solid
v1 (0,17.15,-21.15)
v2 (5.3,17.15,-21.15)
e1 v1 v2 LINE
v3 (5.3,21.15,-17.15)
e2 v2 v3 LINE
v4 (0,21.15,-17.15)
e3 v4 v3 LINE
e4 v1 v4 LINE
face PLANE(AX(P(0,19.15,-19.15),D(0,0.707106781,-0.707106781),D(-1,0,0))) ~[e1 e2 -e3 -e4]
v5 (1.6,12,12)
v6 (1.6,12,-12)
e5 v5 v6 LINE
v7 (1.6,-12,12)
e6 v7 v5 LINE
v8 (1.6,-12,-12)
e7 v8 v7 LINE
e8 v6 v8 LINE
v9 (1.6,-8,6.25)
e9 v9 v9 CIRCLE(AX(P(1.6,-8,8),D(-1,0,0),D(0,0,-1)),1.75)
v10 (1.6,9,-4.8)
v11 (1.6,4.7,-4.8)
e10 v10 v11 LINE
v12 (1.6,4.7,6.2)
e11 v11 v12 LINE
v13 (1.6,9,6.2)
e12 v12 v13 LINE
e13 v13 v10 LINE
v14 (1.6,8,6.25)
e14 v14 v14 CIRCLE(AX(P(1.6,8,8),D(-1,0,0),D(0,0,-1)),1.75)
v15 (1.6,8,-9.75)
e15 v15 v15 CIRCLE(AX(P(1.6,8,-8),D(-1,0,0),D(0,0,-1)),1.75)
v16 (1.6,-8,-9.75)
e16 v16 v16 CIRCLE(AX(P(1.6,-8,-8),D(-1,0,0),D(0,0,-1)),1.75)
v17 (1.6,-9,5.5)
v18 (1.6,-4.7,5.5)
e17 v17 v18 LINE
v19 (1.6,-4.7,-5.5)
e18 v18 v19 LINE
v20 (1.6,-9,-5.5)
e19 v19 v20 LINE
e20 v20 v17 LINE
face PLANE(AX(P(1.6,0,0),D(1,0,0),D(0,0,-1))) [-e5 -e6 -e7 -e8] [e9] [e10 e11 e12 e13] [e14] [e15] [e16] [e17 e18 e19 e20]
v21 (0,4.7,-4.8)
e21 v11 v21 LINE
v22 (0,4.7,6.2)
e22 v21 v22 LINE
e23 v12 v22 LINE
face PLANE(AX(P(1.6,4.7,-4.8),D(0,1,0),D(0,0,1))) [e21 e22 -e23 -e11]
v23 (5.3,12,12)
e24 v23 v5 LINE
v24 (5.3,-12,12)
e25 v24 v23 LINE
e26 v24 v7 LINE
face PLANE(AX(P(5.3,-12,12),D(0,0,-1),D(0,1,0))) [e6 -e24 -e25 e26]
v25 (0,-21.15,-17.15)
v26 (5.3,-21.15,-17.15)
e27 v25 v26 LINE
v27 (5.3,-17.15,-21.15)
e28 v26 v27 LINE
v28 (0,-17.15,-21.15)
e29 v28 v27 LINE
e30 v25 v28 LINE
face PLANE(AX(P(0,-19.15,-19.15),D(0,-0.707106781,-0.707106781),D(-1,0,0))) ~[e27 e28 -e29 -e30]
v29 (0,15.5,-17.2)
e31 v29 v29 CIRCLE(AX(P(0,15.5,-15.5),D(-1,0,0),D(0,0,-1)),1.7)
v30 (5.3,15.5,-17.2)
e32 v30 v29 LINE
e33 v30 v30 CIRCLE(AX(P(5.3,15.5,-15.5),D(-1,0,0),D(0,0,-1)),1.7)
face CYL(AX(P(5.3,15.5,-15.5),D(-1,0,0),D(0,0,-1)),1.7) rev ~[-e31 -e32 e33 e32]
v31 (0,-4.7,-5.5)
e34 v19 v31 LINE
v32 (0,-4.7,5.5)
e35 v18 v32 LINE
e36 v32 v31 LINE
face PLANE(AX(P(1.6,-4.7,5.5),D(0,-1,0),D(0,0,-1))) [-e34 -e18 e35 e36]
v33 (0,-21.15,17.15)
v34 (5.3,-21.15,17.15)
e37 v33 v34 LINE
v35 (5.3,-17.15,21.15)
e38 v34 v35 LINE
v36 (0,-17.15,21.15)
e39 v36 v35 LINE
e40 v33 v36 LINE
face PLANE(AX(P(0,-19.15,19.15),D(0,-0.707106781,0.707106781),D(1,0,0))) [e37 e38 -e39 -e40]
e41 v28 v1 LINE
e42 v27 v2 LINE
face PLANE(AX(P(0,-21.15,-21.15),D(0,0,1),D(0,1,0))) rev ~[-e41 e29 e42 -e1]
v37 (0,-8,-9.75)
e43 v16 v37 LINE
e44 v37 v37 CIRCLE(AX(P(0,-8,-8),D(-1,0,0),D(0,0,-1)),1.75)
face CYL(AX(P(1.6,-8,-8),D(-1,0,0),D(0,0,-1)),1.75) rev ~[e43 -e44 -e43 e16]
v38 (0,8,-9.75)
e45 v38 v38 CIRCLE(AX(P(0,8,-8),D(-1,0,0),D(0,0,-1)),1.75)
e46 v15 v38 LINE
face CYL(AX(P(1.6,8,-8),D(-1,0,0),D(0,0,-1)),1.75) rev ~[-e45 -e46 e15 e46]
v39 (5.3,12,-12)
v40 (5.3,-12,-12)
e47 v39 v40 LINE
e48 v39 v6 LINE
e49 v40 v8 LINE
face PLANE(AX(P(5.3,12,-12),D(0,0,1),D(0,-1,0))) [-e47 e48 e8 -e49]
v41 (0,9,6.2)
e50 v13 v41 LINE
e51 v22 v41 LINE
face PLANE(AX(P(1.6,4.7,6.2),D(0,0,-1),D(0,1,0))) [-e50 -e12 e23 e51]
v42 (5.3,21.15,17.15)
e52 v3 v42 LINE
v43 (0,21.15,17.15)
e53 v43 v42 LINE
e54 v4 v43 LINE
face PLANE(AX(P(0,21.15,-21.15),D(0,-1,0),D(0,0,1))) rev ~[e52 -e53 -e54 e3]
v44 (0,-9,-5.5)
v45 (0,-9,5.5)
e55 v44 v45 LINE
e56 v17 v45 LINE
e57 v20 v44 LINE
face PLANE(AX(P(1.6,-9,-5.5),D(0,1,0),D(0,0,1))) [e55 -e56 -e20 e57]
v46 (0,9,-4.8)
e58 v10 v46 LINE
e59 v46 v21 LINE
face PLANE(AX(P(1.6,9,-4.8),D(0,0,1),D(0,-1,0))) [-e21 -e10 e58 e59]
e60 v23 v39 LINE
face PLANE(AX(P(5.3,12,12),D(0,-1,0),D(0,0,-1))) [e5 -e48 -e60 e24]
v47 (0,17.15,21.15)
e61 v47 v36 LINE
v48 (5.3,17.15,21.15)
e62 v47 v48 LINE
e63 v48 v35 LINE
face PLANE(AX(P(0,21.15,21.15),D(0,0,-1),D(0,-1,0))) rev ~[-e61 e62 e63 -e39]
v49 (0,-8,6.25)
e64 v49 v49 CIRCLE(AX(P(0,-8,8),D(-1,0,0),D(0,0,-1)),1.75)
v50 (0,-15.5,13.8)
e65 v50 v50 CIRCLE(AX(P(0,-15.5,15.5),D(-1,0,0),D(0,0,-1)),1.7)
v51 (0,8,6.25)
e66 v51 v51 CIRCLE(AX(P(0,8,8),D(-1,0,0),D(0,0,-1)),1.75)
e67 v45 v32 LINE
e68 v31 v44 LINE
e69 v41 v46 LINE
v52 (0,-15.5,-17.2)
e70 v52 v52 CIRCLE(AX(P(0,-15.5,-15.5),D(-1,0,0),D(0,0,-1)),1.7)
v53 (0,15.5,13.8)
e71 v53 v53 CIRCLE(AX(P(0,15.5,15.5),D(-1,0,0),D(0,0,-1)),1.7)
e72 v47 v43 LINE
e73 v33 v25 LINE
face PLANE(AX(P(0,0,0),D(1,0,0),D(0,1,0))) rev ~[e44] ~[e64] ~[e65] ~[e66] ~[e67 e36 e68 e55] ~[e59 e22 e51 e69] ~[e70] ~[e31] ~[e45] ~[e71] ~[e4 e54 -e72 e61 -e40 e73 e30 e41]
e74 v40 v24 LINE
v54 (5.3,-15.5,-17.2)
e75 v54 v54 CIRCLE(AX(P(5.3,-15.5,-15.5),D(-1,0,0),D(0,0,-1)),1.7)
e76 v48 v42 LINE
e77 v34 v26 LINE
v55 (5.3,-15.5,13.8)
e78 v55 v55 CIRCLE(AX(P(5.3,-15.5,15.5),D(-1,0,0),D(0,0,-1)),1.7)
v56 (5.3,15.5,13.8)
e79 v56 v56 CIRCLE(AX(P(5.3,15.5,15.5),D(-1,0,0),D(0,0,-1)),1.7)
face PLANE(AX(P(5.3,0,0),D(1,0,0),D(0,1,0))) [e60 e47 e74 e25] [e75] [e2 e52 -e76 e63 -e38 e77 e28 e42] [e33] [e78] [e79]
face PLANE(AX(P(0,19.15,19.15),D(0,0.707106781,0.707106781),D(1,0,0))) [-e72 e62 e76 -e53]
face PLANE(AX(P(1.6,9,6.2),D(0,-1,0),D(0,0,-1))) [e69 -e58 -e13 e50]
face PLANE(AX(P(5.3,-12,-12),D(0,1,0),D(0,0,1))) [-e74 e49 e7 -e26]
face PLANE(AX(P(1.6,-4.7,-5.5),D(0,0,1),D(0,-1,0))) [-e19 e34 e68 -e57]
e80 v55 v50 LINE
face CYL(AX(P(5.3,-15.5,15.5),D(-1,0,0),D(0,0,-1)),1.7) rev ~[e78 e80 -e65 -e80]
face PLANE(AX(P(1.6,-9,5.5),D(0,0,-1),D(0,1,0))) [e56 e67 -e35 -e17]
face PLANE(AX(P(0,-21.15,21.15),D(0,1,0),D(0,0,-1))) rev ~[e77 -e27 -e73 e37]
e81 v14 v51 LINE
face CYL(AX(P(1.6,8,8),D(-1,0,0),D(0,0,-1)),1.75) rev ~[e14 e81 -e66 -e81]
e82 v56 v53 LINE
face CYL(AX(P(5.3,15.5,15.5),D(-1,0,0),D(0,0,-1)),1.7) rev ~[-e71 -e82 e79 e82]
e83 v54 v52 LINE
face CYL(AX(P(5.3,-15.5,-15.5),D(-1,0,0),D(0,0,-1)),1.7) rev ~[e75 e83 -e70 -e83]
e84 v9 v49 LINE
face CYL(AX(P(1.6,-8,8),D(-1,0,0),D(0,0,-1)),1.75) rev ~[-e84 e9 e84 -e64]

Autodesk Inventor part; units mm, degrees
ref_plane "YZ Plane" through (0, 0, 0) normal (1, 0, 0) x (0, 1, 0)
ref_plane "XZ Plane" through (0, 0, 0) normal (0, 1, 0) x (-1, 0, 0)
ref_plane "XY Plane" through (0, 0, 0) normal (0, 0, 1) x (1, 0, 0)
sketch "Skizze1" plane through (0, 0, 0) normal (1, 0, 0) x (0, 1, 0)
  line L0 (-21.15, -21.15) -> (21.15, -21.15)
  line L1 (21.15, -21.15) -> (21.15, 21.15)
  line L2 (21.15, 21.15) -> (-21.15, 21.15)
  line L3 (-21.15, 21.15) -> (-21.15, -21.15)
  line L4 (-21.15, -21.15) -> (21.15, 21.15) construction
  line L5 (21.15, -21.15) -> (-21.15, 21.15) construction
  point P0 (0, 0)
  dimension "d0" = 42.3
  dimension "d1" = 42.3
extrude "Extrusion1" add sketch "Skizze1" along normal blind 5.3
sketch "Skizze2" plane through (5.3, 0, 0) normal (1, 0, 0) x (0, 0, -1)
  line L0 (12, -12) -> (-12, -12)
  line L1 (-12, -12) -> (-12, 12)
  line L2 (-12, 12) -> (12, 12)
  line L3 (12, 12) -> (12, -12)
  line L4 (12, -12) -> (-12, 12) construction
  line L5 (-12, -12) -> (12, 12) construction
  point P0 (0, 0)
  dimension "d4" = 24
  dimension "d5" = 24
extrude "Extrusion2" cut sketch "Skizze2" against normal blind 3.7
sketch "Skizze3" plane through (1.6, 0, 0) normal (1, 0, 0) x (0, 0, -1)
  point P0 (0, 0)
  point P1 (-8, 8)
  point P2 (8, 8)
  point P3 (8, -8)
  point P4 (-8, -8)
  dimension "d16" = 8
  dimension "d17" = 8
  dimension "d18" = 8
  dimension "d19" = 8
  dimension "d20" = 8
  dimension "d21" = 8
  dimension "d22" = 8
  dimension "d23" = 8
hole "Bohrung1" at (1.6, 8, 8) at (1.6, 8, -8) at (1.6, -8, -8) at (1.6, -8, 8) direction (-1, 0, 0) diameter 3.5 end through all
sketch "Skizze4" plane through (5.3, 0, 0) normal (1, 0, 0) x (0, 0, -1)
  point P0 (0, 0)
  point P1 (-15.5, 15.5)
  point P2 (15.5, 15.5)
  point P3 (15.5, -15.5)
  point P4 (-15.5, -15.5)
  dimension "d31" = 15.5
  dimension "d32" = 15.5
  dimension "d33" = 15.5
  dimension "d34" = 15.5
  dimension "d35" = 15.5
  dimension "d36" = 15.5
  dimension "d37" = 15.5
  dimension "d38" = 15.5
hole "Bohrung2" at (5.3, 15.5, 15.5) at (5.3, 15.5, -15.5) at (5.3, -15.5, -15.5) at (5.3, -15.5, 15.5) direction (-1, 0, 0) diameter 3.4 end through all
chamfer "Fase1" distance 4 angle 45 4 edges at (2.65, -21.15, -21.15) (2.65, -21.15, 21.15) (2.65, 21.15, -21.15) (2.65, 21.15, 21.15)
sketch "Skizze5" plane through (1.6, 0, 0) normal (1, 0, 0) x (0, 0, -1)
  line L0 (-6.2, 9) -> (4.8, 9)
  line L1 (4.8, 9) -> (4.8, 4.7)
  line L2 (4.8, 4.7) -> (-6.2, 4.7)
  line L3 (-6.2, 4.7) -> (-6.2, 9)
  line L4 (-12, 12) -> (12, 12) projected
  line L5 (-12, -12) -> (-12, 12) projected
  point P0 (0, 0)
  point P1 (-6.2, 6.85)
  dimension "d42" = 11
  dimension "d43" = 4.3
  dimension "d44" = 3
  dimension "d45" = 5.8
sketch "Skizze6" plane through (1.6, 0, 0) normal (1, 0, 0) x (0, 0, -1)
  line L0 (-5.5, -4.7) -> (5.5, -4.7)
  line L1 (5.5, -4.7) -> (5.5, -9)
  line L2 (5.5, -9) -> (-5.5, -9)
  line L3 (-5.5, -9) -> (-5.5, -4.7)
  line L4 (12, -12) -> (-12, -12) projected
  point P0 (0, 0)
  dimension "d46" = 11
  dimension "d47" = 4.3
  dimension "d48" = 3
  dimension "d49" = 5.5
extrude "Extrusion3" cut sketch "Skizze5" against normal blind 10
extrude "Extrusion4" cut sketch "Skizze6" against normal blind 10
properties part number "EncoderHalter"
